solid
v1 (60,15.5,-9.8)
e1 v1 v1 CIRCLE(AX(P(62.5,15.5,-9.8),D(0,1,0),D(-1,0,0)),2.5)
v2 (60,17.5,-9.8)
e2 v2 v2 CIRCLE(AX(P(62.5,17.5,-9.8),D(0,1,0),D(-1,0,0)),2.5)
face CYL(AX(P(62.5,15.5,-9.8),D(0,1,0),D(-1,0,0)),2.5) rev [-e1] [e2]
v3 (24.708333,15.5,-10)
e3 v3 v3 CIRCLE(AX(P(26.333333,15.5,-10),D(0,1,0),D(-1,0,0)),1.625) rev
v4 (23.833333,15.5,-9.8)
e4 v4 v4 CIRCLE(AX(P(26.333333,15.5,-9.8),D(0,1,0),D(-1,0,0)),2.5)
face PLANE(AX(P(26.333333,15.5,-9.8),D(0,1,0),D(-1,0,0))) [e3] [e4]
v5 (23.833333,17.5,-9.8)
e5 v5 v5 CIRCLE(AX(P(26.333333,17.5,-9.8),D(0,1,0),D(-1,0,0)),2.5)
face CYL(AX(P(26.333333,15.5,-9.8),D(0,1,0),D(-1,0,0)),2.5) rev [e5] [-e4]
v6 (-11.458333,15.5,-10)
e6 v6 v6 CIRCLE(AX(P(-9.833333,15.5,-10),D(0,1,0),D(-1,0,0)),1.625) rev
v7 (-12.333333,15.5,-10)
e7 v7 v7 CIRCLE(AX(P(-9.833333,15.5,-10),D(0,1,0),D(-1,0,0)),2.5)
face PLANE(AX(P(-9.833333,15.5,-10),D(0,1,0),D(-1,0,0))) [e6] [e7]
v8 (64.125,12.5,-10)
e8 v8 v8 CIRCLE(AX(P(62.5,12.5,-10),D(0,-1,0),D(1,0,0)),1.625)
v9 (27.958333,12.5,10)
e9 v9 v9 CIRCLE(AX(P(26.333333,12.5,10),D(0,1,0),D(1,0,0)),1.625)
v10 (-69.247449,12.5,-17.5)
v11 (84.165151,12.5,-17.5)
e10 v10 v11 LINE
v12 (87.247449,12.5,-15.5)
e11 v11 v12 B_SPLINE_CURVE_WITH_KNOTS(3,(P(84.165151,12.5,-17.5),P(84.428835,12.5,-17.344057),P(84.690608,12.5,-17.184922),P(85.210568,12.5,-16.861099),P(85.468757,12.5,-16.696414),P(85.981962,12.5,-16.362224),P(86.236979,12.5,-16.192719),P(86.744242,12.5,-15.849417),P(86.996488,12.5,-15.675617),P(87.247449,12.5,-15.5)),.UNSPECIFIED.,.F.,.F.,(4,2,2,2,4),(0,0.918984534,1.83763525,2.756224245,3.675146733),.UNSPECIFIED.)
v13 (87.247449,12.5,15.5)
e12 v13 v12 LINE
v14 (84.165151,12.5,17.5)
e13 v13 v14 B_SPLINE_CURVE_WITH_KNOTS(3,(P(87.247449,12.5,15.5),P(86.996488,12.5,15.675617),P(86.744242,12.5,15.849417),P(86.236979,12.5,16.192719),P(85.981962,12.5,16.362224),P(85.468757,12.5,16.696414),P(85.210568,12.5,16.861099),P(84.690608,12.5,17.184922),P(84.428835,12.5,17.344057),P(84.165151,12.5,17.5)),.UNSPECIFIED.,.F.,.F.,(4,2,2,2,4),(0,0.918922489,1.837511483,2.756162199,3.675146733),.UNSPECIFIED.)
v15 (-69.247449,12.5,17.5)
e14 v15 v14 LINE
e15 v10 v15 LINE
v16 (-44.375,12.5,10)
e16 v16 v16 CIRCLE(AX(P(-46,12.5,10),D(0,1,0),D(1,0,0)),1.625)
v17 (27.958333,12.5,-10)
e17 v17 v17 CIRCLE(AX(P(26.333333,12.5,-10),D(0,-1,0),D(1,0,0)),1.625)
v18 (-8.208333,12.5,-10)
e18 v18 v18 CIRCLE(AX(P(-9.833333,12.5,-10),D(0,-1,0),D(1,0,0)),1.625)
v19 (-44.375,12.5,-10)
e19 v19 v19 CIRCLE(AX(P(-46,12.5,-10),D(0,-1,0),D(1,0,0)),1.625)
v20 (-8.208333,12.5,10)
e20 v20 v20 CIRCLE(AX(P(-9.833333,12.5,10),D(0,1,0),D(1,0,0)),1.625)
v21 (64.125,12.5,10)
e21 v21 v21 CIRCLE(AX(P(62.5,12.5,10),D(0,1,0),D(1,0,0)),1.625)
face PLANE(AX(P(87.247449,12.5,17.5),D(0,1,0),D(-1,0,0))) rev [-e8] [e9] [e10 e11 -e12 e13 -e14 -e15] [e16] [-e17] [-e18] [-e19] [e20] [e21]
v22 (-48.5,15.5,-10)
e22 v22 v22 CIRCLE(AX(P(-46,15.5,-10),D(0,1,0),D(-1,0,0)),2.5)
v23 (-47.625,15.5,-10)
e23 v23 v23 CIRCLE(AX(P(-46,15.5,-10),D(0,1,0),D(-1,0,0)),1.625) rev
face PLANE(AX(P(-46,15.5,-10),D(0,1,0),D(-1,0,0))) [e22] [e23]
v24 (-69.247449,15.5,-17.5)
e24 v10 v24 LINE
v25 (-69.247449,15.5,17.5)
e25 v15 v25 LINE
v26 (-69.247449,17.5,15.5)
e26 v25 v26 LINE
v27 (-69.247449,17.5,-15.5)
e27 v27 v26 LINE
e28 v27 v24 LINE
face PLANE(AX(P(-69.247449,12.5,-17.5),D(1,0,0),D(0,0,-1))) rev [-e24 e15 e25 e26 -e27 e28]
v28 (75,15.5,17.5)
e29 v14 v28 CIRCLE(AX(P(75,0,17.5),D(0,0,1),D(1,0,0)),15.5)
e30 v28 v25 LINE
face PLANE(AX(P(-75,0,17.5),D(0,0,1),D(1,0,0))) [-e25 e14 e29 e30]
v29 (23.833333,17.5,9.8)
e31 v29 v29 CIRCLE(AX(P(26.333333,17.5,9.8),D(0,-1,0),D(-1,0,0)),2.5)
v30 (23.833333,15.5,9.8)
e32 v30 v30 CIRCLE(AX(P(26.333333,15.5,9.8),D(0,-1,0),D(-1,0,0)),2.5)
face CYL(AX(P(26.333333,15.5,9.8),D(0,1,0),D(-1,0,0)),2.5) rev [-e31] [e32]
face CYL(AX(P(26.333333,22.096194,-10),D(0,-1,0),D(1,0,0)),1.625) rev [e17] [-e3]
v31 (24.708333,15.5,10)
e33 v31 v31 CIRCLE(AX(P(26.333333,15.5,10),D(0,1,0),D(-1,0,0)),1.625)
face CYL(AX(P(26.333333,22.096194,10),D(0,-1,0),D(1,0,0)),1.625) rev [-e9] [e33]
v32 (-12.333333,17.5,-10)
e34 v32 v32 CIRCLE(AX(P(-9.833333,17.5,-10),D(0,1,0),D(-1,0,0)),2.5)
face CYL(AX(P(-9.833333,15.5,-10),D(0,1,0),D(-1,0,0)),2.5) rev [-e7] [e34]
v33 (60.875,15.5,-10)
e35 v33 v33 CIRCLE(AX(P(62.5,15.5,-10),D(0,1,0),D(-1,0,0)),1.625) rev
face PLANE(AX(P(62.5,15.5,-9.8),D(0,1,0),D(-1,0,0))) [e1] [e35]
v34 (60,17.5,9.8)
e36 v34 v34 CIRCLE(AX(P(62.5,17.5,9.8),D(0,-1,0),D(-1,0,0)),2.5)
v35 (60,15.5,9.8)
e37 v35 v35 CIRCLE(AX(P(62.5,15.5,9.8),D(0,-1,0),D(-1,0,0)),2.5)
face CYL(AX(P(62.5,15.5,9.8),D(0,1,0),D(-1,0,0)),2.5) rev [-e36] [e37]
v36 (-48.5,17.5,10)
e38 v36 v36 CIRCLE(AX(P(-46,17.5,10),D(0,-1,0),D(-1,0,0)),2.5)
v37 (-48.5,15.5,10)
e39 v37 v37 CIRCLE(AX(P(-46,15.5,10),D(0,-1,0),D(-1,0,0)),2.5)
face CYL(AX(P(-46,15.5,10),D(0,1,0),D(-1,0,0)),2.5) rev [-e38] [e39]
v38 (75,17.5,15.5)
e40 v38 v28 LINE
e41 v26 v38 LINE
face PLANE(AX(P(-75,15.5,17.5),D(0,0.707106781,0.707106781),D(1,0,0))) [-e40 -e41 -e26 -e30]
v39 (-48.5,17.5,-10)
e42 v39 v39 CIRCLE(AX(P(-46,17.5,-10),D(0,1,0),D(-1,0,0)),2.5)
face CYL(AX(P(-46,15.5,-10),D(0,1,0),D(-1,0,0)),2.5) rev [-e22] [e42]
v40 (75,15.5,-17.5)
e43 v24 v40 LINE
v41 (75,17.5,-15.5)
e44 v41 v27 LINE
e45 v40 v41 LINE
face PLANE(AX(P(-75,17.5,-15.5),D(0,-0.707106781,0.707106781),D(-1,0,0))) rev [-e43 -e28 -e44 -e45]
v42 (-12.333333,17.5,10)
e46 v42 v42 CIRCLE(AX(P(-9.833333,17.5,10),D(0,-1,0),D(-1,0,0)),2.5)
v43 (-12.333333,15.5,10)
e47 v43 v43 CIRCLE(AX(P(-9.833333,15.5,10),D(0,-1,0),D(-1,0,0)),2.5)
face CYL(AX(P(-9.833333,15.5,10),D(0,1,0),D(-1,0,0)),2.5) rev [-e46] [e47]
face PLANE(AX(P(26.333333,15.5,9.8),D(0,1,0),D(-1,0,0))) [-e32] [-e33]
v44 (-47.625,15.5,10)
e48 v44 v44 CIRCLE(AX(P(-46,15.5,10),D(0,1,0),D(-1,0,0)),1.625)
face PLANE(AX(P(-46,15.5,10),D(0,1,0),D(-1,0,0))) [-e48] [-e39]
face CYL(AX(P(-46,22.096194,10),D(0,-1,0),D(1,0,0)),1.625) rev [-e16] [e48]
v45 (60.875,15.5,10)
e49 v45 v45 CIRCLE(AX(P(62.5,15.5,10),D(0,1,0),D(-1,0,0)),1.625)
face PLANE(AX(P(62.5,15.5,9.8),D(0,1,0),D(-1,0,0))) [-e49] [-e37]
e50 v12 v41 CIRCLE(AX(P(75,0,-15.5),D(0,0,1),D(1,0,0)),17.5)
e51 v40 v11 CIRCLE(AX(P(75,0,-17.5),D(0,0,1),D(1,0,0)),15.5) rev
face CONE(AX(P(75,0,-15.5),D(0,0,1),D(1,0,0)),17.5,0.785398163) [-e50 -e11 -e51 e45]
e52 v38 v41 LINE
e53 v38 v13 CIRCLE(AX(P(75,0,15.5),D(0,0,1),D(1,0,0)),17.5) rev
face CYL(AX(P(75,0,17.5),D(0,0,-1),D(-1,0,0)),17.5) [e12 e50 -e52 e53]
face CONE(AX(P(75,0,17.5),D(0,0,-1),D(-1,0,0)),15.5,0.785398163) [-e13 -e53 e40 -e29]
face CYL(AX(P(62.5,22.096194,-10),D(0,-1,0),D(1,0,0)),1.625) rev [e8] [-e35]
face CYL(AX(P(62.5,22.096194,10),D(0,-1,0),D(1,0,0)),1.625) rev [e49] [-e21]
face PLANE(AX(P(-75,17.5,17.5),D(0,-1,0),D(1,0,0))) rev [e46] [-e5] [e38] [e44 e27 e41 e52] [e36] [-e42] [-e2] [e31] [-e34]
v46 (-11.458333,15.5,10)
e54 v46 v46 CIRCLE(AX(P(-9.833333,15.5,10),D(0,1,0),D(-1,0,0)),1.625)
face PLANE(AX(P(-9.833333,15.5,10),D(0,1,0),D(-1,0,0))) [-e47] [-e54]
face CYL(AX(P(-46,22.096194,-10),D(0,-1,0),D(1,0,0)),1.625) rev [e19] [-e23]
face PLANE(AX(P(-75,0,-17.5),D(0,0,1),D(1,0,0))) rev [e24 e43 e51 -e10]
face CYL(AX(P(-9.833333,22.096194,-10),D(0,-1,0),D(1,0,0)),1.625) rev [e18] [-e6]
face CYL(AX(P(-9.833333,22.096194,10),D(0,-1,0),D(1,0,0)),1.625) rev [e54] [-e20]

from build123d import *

# Parameters (mm, degrees)
BOSS_EXTRUDE1_DEPTH = 17.5
SKETCH2_W           = 18
SKETCH2_H           = 5
CUT_EXTRUDE1_DEPTH  = 17.5
SKETCH3_R           = 1.625
CUT_EXTRUDE2_DEPTH  = 5
SKETCH4_R           = 2.5
CUT_EXTRUDE3_DEPTH  = 2
CHAMFER1_SIZE       = 2


with BuildPart() as part:
    # Sketch1 → Boss-Extrude1 (new, symmetric)
    with BuildSketch(Plane.XY):
        with BuildLine():
            Line((-75, 17.5), (75, 17.5))
            ThreePointArc((75, 17.5), (81.614378278, 16.201851746), (87.247448714, 12.5))
            Line((87.247448714, 12.5), (-87.247448714, 12.5))
            ThreePointArc((-87.247448714, 12.5), (-81.614378278, 16.201851746), (-75, 17.5))
        make_face()
    extrude(amount=BOSS_EXTRUDE1_DEPTH, both=True)

    # Sketch2 → Cut-Extrude1 (cut, symmetric)
    with BuildSketch(Plane.XY):
        with Locations((-78.247448714, 15)):
            Rectangle(SKETCH2_W, SKETCH2_H)
    extrude(amount=CUT_EXTRUDE1_DEPTH, both=True, mode=Mode.SUBTRACT)

    # Sketch3 → Cut-Extrude2 (cut)
    with BuildSketch(Plane.XZ.offset(-12.5)):
        with Locations((-46, -10)):
            Circle(SKETCH3_R)
        with Locations((-9.833333333, -10)):
            Circle(SKETCH3_R)
        with Locations((26.333333333, -10)):
            Circle(SKETCH3_R)
        with Locations((62.5, -10)):
            Circle(SKETCH3_R)
    cut_extrude2 = extrude(amount=-CUT_EXTRUDE2_DEPTH, mode=Mode.SUBTRACT)

    # Sketch4 → Cut-Extrude3 (cut)
    with BuildSketch(Plane(origin=(0, 17.5, 0), x_dir=(1, 0, 0), z_dir=(0, 1, 0))):
        with Locations(Location((62.5, 9.8, 0), (0, 0, 180))):
            Circle(SKETCH4_R)
        with Locations(Location((26.333333333, 9.8, 0), (0, 0, 180))):
            Circle(SKETCH4_R)
        with Locations(Location((-9.833333333, 10, 0), (0, 0, 180))):
            Circle(SKETCH4_R)
        with Locations(Location((-46, 10, 0), (0, 0, 180))):
            Circle(SKETCH4_R)
    cut_extrude3 = extrude(amount=-CUT_EXTRUDE3_DEPTH, mode=Mode.SUBTRACT)

    # Mirror1: Cut-Extrude2, Cut-Extrude3 across plane
    add(cut_extrude2.mirror(Plane.XY), mode=Mode.SUBTRACT)
    add(cut_extrude3.mirror(Plane.XY), mode=Mode.SUBTRACT)

    # Chamfer1
    chamfer1_edges = [part.edges().sort_by_distance(p)[0] for p in [
        (81.614378278, 16.201851746, 17.5),
        (2.876275643, 17.5, 17.5),
        (2.876275643, 17.5, -17.5),
        (81.614378278, 16.201851746, -17.5),
    ]]
    chamfer(chamfer1_edges, length=CHAMFER1_SIZE)


solid = part.part
